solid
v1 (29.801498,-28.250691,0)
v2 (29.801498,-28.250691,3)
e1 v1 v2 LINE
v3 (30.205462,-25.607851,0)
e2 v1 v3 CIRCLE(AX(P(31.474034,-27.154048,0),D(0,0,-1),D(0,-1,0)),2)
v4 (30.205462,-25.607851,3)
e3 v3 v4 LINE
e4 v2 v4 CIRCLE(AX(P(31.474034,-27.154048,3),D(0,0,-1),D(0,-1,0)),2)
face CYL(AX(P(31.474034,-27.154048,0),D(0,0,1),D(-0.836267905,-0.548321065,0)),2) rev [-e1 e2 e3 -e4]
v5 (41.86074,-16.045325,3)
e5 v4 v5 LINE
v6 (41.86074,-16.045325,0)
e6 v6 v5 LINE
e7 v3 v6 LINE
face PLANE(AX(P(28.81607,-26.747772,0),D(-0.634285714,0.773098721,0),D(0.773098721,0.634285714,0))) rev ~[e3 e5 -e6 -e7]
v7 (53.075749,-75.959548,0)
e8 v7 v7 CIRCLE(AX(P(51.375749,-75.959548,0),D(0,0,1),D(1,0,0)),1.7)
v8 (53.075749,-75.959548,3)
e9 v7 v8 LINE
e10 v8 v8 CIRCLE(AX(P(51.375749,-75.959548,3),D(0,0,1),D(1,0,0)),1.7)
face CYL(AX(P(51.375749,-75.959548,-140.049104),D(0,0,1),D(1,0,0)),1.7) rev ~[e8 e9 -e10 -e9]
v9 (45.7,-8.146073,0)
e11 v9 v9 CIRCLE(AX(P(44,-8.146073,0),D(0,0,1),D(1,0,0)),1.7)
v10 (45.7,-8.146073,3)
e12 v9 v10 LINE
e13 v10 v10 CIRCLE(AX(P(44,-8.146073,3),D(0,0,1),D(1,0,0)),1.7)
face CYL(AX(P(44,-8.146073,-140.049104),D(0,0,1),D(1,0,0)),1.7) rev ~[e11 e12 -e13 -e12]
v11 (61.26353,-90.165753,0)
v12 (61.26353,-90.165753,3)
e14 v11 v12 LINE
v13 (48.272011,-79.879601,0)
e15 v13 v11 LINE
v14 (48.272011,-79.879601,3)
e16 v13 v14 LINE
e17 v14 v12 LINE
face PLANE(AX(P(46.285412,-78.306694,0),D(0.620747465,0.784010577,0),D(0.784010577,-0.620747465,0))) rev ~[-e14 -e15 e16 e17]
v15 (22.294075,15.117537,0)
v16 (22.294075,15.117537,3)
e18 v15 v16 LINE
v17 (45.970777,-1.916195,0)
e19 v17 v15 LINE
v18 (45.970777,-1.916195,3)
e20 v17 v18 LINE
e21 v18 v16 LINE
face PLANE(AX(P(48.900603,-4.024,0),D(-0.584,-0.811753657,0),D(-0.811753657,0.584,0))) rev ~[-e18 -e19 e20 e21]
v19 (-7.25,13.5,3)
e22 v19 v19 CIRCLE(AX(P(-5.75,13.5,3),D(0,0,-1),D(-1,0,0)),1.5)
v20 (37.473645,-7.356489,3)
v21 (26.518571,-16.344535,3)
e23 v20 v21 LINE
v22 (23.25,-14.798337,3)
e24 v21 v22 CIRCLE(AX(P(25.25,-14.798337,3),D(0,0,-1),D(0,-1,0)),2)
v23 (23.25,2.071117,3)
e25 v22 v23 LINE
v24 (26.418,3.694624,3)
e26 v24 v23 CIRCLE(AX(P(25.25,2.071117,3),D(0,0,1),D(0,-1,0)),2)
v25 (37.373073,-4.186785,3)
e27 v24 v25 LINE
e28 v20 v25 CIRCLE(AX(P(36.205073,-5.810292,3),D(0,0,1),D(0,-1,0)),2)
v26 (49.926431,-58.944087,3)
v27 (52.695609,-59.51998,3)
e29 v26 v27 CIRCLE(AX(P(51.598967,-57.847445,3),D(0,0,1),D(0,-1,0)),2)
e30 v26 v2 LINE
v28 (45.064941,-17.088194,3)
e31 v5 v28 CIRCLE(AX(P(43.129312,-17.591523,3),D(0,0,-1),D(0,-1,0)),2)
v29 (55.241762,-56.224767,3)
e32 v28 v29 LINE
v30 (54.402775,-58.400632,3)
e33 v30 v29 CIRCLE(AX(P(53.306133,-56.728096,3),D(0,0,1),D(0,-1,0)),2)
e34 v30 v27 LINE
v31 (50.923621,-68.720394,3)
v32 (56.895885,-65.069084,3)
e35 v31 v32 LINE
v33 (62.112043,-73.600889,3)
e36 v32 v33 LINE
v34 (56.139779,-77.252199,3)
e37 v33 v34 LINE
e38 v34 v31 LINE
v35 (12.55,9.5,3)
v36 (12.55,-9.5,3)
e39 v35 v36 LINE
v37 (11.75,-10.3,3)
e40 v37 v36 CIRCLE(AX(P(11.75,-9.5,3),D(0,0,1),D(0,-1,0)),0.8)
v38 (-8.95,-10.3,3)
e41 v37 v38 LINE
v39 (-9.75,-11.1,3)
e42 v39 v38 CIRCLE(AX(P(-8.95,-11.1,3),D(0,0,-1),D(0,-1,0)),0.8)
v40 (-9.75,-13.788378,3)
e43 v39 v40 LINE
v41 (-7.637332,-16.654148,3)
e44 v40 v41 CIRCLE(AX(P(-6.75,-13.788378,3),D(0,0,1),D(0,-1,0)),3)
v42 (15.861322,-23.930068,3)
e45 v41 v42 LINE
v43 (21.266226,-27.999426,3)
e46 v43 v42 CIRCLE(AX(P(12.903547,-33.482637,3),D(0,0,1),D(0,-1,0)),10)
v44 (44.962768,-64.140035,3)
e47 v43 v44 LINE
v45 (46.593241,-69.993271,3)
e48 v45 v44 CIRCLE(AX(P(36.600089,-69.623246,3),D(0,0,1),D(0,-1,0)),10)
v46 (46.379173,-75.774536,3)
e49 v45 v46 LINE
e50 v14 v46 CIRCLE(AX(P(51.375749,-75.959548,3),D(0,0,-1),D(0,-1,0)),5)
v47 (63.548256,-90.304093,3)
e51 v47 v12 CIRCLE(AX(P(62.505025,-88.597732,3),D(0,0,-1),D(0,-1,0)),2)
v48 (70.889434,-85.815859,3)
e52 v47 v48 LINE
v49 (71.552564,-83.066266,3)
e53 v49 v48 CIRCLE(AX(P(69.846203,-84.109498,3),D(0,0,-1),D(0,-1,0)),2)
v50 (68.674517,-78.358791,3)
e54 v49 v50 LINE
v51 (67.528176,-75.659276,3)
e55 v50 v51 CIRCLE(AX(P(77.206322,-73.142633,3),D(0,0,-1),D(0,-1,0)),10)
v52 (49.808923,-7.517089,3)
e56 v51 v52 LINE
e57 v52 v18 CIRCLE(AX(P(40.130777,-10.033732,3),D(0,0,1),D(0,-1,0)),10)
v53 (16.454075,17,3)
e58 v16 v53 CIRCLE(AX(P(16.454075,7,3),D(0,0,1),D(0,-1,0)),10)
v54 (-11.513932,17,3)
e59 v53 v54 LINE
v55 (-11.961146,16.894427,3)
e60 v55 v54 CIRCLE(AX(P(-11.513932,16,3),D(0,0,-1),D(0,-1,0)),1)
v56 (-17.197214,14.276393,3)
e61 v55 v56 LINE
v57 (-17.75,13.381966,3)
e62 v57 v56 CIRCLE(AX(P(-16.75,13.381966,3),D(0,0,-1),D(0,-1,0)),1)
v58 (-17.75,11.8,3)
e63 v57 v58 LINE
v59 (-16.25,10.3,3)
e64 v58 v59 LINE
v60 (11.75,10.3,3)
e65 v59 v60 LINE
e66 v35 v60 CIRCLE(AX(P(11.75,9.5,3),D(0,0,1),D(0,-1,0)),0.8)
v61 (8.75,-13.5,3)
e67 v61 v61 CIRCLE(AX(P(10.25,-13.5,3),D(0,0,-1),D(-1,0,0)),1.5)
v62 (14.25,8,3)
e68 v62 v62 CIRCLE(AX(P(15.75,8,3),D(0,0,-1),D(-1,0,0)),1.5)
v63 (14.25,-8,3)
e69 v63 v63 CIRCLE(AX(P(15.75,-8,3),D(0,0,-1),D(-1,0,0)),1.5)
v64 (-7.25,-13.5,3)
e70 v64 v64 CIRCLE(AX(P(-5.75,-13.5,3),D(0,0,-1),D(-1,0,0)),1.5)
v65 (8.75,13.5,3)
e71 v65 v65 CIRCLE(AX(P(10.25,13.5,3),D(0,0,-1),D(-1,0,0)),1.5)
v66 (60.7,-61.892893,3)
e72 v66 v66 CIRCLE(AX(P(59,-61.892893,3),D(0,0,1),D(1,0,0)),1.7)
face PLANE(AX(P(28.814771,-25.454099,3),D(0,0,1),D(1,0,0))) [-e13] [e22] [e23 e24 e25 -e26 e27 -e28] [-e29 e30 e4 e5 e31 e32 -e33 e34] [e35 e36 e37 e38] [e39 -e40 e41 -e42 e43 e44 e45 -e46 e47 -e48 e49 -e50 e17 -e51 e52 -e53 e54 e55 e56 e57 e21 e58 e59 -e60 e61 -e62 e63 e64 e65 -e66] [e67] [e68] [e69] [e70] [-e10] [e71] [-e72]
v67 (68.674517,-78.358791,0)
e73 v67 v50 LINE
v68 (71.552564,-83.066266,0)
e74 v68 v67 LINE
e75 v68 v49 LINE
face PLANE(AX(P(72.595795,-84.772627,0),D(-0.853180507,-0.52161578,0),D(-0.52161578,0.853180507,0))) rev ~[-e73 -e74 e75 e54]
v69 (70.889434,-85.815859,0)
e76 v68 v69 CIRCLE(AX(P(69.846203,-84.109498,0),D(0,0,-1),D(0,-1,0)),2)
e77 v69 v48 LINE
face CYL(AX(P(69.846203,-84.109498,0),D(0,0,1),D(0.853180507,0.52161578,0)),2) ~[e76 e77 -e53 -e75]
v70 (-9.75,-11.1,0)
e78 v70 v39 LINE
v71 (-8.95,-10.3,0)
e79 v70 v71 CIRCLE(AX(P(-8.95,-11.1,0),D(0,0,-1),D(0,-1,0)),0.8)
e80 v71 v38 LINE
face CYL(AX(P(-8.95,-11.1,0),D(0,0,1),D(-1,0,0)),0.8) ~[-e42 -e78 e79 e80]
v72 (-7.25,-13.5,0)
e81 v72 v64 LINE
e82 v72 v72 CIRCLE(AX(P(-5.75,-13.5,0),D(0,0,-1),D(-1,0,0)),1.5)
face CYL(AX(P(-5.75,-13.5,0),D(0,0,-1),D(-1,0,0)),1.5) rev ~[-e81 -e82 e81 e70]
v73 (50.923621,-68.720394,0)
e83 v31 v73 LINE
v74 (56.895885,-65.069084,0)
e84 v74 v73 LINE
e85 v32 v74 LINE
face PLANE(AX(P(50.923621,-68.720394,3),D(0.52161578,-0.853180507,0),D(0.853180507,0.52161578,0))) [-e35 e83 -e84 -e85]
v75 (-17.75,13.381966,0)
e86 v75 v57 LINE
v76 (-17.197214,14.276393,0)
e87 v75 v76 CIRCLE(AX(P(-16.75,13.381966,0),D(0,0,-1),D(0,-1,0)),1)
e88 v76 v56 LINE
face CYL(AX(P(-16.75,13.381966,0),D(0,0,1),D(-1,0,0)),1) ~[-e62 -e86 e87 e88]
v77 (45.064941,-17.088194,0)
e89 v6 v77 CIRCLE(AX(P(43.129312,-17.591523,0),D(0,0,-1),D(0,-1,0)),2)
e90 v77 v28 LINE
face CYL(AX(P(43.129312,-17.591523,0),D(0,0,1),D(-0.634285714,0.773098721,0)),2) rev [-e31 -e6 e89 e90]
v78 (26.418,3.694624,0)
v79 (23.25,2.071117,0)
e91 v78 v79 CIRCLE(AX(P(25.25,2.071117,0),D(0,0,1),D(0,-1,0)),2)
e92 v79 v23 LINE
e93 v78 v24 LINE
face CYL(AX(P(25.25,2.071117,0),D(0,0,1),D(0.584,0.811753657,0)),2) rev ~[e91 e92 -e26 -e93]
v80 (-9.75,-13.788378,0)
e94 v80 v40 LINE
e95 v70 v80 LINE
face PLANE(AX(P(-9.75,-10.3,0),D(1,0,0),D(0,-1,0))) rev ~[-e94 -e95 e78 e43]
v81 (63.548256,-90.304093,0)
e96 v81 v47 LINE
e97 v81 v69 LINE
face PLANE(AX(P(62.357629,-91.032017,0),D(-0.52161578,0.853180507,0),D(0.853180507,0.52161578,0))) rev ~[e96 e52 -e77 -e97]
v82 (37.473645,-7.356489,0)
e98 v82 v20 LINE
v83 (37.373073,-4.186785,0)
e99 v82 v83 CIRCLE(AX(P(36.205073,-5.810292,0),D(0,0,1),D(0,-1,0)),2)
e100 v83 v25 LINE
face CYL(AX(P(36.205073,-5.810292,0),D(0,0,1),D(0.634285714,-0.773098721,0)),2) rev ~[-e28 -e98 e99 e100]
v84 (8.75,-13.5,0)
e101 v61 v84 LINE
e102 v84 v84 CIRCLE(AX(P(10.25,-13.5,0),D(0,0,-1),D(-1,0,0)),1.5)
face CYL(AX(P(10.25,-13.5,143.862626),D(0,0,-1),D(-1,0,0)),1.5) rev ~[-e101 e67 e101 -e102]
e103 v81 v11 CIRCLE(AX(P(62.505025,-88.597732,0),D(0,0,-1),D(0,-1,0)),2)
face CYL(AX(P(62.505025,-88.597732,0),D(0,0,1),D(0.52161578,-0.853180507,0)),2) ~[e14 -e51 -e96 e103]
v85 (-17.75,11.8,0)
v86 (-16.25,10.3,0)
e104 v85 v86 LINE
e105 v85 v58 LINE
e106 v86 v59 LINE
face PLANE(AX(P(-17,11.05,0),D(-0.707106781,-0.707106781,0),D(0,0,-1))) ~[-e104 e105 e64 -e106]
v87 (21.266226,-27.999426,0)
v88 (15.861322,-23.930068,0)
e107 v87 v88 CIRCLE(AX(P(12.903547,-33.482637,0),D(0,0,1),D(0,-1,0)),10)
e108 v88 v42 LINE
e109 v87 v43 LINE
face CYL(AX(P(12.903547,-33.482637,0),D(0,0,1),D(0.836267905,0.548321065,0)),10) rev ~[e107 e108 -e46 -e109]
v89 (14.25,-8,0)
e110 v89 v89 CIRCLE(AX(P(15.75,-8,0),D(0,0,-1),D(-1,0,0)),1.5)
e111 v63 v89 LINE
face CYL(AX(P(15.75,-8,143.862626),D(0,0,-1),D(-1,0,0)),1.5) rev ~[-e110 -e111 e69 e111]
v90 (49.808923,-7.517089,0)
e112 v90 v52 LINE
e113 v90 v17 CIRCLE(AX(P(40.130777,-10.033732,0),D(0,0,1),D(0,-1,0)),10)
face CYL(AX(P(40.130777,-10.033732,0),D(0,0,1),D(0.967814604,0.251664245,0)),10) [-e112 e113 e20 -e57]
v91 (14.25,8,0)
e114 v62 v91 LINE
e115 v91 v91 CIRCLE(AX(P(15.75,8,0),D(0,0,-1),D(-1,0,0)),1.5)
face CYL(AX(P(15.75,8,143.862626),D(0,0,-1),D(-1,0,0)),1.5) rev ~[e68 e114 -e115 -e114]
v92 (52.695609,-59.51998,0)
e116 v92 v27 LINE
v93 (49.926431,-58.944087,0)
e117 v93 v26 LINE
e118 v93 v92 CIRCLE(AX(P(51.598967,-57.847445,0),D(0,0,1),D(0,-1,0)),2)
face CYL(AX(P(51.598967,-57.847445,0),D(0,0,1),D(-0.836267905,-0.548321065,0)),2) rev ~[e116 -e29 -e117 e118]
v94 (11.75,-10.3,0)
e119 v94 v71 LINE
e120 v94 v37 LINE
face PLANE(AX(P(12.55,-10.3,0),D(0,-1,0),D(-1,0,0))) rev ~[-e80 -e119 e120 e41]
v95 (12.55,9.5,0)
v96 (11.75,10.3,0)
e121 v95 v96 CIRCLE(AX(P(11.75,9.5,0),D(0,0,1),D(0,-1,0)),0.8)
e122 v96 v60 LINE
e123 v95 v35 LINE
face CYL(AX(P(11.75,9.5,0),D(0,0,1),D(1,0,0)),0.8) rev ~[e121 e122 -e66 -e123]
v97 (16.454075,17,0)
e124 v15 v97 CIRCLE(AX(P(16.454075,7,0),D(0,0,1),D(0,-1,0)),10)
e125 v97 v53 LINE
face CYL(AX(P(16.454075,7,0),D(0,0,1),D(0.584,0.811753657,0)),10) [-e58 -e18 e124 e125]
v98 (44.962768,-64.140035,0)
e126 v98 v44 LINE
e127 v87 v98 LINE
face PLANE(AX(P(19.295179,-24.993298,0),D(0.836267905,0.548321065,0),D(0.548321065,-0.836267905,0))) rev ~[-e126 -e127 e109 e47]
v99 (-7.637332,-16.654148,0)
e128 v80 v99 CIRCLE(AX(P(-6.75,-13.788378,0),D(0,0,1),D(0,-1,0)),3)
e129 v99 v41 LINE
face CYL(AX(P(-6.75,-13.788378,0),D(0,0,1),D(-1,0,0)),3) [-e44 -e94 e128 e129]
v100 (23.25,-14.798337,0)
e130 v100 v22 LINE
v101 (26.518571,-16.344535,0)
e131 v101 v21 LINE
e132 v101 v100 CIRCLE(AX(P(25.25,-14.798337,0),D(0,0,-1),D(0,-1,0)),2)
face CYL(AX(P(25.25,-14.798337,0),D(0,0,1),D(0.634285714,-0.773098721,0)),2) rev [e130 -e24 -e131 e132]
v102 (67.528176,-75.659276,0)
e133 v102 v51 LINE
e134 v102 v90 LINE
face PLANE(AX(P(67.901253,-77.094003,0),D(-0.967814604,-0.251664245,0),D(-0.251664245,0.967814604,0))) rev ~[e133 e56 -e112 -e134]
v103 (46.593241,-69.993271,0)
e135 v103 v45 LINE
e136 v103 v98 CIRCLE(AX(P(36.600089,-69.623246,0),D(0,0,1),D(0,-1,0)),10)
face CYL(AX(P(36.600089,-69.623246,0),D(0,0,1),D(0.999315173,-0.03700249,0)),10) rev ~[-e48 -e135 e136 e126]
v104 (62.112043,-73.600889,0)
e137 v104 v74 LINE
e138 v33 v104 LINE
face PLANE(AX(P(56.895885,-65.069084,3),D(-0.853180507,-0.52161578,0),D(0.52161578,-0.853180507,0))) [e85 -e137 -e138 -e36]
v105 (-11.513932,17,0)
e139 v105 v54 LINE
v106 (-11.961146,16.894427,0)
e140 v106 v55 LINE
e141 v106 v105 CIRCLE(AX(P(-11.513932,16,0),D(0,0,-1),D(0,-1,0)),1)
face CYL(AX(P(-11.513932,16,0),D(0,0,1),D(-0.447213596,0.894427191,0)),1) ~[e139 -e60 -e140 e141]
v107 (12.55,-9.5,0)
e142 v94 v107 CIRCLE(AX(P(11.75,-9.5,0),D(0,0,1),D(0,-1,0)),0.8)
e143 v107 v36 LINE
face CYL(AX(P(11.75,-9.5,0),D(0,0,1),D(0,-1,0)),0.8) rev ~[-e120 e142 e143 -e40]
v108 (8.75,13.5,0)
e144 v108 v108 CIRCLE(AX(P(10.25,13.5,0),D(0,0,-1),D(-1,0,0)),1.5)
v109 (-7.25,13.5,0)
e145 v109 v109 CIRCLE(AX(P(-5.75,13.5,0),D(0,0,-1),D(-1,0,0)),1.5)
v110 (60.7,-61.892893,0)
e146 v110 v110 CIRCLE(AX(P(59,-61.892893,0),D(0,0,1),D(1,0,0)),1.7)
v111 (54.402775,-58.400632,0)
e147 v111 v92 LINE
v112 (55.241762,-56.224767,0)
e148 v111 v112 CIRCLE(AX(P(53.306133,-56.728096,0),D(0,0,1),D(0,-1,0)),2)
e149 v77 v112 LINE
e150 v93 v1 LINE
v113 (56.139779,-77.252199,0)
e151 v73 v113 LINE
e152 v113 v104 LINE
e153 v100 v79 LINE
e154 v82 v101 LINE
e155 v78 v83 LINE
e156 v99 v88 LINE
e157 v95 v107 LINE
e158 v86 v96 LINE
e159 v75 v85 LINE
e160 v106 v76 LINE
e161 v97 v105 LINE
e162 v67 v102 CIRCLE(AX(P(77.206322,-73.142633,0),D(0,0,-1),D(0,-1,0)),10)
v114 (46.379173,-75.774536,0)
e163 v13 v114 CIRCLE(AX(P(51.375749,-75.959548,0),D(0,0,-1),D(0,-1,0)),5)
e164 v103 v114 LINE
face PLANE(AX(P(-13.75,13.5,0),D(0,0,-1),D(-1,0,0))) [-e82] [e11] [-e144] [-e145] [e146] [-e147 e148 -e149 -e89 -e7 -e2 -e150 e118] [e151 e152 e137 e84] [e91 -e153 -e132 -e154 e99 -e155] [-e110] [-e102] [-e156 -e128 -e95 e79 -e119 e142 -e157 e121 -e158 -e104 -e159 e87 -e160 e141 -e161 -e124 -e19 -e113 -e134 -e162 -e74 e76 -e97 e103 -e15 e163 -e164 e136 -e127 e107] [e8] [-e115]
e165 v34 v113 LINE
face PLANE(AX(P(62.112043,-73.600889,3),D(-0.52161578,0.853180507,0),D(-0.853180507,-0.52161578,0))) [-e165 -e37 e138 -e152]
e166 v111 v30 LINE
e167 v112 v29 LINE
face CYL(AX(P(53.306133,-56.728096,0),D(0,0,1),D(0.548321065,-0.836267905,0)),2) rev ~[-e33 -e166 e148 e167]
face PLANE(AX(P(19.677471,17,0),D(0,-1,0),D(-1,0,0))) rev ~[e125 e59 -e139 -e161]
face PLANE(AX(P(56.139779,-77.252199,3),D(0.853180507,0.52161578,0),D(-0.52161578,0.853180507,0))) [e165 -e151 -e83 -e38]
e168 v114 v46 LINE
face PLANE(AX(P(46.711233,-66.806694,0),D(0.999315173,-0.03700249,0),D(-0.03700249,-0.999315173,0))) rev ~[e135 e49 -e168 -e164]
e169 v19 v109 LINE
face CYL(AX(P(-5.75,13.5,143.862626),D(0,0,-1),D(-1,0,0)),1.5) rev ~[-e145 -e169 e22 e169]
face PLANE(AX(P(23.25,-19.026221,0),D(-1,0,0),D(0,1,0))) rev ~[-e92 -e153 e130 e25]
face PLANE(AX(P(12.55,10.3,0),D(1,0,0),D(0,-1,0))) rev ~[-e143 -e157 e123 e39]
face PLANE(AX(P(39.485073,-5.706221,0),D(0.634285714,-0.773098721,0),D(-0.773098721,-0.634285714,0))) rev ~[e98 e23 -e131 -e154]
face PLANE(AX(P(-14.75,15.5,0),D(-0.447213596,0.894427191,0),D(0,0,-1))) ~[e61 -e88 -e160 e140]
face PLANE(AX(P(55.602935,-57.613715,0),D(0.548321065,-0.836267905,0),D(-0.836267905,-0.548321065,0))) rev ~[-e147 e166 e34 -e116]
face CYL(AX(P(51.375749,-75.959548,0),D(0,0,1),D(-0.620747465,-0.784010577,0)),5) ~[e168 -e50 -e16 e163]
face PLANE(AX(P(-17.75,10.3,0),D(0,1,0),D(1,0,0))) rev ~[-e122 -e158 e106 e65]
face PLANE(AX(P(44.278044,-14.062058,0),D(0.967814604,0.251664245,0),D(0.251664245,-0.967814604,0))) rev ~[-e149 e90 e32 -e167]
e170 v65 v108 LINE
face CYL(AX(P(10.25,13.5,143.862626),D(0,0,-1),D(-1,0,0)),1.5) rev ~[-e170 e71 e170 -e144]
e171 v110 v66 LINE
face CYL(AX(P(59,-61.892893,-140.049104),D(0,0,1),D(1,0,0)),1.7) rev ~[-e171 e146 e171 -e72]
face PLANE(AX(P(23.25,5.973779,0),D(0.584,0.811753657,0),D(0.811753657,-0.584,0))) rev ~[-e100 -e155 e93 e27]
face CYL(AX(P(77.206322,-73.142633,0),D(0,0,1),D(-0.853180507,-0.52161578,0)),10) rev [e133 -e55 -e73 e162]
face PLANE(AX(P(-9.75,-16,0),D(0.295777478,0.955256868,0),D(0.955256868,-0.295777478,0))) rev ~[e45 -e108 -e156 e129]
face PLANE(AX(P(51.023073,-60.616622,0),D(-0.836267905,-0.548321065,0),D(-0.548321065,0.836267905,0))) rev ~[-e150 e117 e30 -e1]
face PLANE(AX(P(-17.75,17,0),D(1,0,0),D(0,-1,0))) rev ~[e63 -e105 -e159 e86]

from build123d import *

# Parameters (mm, degrees)
BOSS_EXTRU_1_DEPTH      = 3
D_GAGEMENT_M21_D        = 3
CHANFREIN1_SIZE         = 1.5
CHANFREIN2_SIZE         = 6
CHANFREIN2_SIZE2        = 3
CONG_1_R                = 2
CONG_2_R                = 10
CONG_2_2_R              = 5
CONG_3_R                = 0.8
D_GAGEMENT_M31_D        = 3.4
ENL_V_MAT_EXTRU_1_REACH = 5
FILLET_1_R              = 3
FILLET_2_R              = 1
SKETCH_5_R              = 1.5
CUT_EXTRUDE_2_DEPTH     = 3
SKETCH_6_R              = 1.5
EXTRUDE_3_DEPTH         = 3


with BuildPart() as part:
    # Esquisse1 → Boss.-Extru.1 (new body)
    with BuildSketch(Plane.XY):
        Polygon((48.900602827, -4.024), (19.677471167, 17), (-17.75, 17), (-17.75, 10.3), (12.55, 10.3), (12.55, -10.3), (-9.75, -10.3), (-9.75, -16), (19.295179393, -24.993298238), (46.71123265, -66.806693506), (46.285412403, -78.306693506), (62.357629227, -91.032016541), (72.595795313, -84.772627178), (67.901253291, -77.094002614), align=None)
        Polygon((28.816069815, -26.747772307), (44.278044238, -14.062058021), (55.602935243, -57.613715208), (51.023072953, -60.616622474), align=None, mode=Mode.SUBTRACT)
        Polygon((23.25, -19.026221012), (23.25, 5.973778988), (39.485073144, -5.706221012), align=None, mode=Mode.SUBTRACT)
    extrude(amount=BOSS_EXTRU_1_DEPTH)

    # D_gagement M21 (through all)
    with Locations(Plane.XY.offset(3)):
        with Locations((-13.75, 13.5), (-5.75, 13.5), (2.25, 13.5), (10.25, 13.5), (15.75, 8), (15.75, -8), (10.25, -13.5)):
            Hole(D_GAGEMENT_M21_D / 2)

    # Chanfrein1
    chanfrein1_edges = [part.edges().sort_by_distance(p)[0] for p in [
        (-17.75, 10.3, 1.5),
    ]]
    chamfer(chanfrein1_edges, length=CHANFREIN1_SIZE)

    # Chanfrein2
    chanfrein2_edges = [part.edges().sort_by_distance(p)[0] for p in [
        (-17.75, 17, 1.5),
    ]]
    chanfrein2_side = [part.faces().sort_by_distance(p)[0] for p in [
        (0.963735584, 17, 1.5),
    ]]
    chamfer(chanfrein2_edges, length=CHANFREIN2_SIZE, length2=CHANFREIN2_SIZE2, reference=chanfrein2_side[0])

    # Cong_1
    cong_1_edges = [part.edges().sort_by_distance(p)[0] for p in [
        (72.595795313, -84.772627178, 1.5),
        (62.357629227, -91.032016541, 1.5),
        (23.25, 5.973778988, 1.5),
        (23.25, -19.026221012, 1.5),
        (39.485073144, -5.706221012, 1.5),
        (51.023072953, -60.616622474, 1.5),
        (55.602935243, -57.613715208, 1.5),
        (44.278044238, -14.062058021, 1.5),
        (28.816069815, -26.747772307, 1.5),
    ]]
    fillet(cong_1_edges, radius=CONG_1_R)

    # Cong_2
    cong_2_edges = [part.edges().sort_by_distance(p)[0] for p in [
        (19.677471167, 17, 1.5),
        (48.900602827, -4.024, 1.5),
        (19.295179393, -24.993298238, 1.5),
        (46.71123265, -66.806693506, 1.5),
        (67.901253291, -77.094002614, 1.5),
    ]]
    fillet(cong_2_edges, radius=CONG_2_R)

    # Cong_2 2
    cong_2_2_edges = [part.edges().sort_by_distance(p)[0] for p in [
        (46.285412403, -78.306693506, 1.5),
    ]]
    fillet(cong_2_2_edges, radius=CONG_2_2_R)

    # Cong_3
    cong_3_edges = [part.edges().sort_by_distance(p)[0] for p in [
        (-9.75, -10.3, 1.5),
        (12.55, -10.3, 1.5),
        (12.55, 10.3, 1.5),
    ]]
    fillet(cong_3_edges, radius=CONG_3_R)

    # D_gagement M31 (through all)
    with Locations(Plane(origin=(0, 0, 0), x_dir=(-1, 0, 0), z_dir=(0, 0, -1))):
        with Locations((-44, -8.146072926), (-59, -61.892892977), (-51.375748619, -75.959548261)):
            Hole(D_GAGEMENT_M31_D / 2)

    # Esquisse6 → Enl_v. mat.-Extru.1 (cut, up to next)
    with BuildSketch(Plane.XY.offset(3), mode=Mode.PRIVATE) as enl_v_mat_extru_1_sk1:
        Polygon((50.923621455, -68.720394376), (56.895885005, -65.069083914), (62.112042808, -73.600888985), (56.139779258, -77.252199447), align=None)
    enl_v_mat_extru_1_tool1 = extrude(enl_v_mat_extru_1_sk1.sketch, amount=-ENL_V_MAT_EXTRU_1_REACH, mode=Mode.PRIVATE) & part.part
    add(enl_v_mat_extru_1_tool1.solids().sort_by_distance((56.517832, -71.160642, 3))[0], mode=Mode.SUBTRACT)

    # Fillet 1
    fillet_1_edges = [part.edges().sort_by_distance(p)[0] for p in [
        (-9.75, -16, 1.5),
    ]]
    fillet(fillet_1_edges, radius=FILLET_1_R)

    # Fillet 2
    fillet_2_edges = [part.edges().sort_by_distance(p)[0] for p in [
        (-17.75, 14, 1.5),
        (-11.75, 17, 1.5),
    ]]
    fillet(fillet_2_edges, radius=FILLET_2_R)

    # Sketch 5 → Cut-Extrude 2 (cut)
    with BuildSketch(Plane(origin=(0, 0, 0), x_dir=(-1, 0, 0), z_dir=(0, 0, -1))):
        with Locations((5.75, -13.5)):
            Circle(SKETCH_5_R)
    extrude(amount=-CUT_EXTRUDE_2_DEPTH, mode=Mode.SUBTRACT)

    # Sketch 6 → Extrude 3 (add)
    with BuildSketch(Plane(origin=(0, 0, 0), x_dir=(-1, 0, 0), z_dir=(0, 0, -1))):
        with Locations((13.75, 13.5)):
            Circle(SKETCH_6_R)
        with Locations((-2.25, 13.5)):
            Circle(SKETCH_6_R)
    extrude(amount=-EXTRUDE_3_DEPTH)


solid = part.part
